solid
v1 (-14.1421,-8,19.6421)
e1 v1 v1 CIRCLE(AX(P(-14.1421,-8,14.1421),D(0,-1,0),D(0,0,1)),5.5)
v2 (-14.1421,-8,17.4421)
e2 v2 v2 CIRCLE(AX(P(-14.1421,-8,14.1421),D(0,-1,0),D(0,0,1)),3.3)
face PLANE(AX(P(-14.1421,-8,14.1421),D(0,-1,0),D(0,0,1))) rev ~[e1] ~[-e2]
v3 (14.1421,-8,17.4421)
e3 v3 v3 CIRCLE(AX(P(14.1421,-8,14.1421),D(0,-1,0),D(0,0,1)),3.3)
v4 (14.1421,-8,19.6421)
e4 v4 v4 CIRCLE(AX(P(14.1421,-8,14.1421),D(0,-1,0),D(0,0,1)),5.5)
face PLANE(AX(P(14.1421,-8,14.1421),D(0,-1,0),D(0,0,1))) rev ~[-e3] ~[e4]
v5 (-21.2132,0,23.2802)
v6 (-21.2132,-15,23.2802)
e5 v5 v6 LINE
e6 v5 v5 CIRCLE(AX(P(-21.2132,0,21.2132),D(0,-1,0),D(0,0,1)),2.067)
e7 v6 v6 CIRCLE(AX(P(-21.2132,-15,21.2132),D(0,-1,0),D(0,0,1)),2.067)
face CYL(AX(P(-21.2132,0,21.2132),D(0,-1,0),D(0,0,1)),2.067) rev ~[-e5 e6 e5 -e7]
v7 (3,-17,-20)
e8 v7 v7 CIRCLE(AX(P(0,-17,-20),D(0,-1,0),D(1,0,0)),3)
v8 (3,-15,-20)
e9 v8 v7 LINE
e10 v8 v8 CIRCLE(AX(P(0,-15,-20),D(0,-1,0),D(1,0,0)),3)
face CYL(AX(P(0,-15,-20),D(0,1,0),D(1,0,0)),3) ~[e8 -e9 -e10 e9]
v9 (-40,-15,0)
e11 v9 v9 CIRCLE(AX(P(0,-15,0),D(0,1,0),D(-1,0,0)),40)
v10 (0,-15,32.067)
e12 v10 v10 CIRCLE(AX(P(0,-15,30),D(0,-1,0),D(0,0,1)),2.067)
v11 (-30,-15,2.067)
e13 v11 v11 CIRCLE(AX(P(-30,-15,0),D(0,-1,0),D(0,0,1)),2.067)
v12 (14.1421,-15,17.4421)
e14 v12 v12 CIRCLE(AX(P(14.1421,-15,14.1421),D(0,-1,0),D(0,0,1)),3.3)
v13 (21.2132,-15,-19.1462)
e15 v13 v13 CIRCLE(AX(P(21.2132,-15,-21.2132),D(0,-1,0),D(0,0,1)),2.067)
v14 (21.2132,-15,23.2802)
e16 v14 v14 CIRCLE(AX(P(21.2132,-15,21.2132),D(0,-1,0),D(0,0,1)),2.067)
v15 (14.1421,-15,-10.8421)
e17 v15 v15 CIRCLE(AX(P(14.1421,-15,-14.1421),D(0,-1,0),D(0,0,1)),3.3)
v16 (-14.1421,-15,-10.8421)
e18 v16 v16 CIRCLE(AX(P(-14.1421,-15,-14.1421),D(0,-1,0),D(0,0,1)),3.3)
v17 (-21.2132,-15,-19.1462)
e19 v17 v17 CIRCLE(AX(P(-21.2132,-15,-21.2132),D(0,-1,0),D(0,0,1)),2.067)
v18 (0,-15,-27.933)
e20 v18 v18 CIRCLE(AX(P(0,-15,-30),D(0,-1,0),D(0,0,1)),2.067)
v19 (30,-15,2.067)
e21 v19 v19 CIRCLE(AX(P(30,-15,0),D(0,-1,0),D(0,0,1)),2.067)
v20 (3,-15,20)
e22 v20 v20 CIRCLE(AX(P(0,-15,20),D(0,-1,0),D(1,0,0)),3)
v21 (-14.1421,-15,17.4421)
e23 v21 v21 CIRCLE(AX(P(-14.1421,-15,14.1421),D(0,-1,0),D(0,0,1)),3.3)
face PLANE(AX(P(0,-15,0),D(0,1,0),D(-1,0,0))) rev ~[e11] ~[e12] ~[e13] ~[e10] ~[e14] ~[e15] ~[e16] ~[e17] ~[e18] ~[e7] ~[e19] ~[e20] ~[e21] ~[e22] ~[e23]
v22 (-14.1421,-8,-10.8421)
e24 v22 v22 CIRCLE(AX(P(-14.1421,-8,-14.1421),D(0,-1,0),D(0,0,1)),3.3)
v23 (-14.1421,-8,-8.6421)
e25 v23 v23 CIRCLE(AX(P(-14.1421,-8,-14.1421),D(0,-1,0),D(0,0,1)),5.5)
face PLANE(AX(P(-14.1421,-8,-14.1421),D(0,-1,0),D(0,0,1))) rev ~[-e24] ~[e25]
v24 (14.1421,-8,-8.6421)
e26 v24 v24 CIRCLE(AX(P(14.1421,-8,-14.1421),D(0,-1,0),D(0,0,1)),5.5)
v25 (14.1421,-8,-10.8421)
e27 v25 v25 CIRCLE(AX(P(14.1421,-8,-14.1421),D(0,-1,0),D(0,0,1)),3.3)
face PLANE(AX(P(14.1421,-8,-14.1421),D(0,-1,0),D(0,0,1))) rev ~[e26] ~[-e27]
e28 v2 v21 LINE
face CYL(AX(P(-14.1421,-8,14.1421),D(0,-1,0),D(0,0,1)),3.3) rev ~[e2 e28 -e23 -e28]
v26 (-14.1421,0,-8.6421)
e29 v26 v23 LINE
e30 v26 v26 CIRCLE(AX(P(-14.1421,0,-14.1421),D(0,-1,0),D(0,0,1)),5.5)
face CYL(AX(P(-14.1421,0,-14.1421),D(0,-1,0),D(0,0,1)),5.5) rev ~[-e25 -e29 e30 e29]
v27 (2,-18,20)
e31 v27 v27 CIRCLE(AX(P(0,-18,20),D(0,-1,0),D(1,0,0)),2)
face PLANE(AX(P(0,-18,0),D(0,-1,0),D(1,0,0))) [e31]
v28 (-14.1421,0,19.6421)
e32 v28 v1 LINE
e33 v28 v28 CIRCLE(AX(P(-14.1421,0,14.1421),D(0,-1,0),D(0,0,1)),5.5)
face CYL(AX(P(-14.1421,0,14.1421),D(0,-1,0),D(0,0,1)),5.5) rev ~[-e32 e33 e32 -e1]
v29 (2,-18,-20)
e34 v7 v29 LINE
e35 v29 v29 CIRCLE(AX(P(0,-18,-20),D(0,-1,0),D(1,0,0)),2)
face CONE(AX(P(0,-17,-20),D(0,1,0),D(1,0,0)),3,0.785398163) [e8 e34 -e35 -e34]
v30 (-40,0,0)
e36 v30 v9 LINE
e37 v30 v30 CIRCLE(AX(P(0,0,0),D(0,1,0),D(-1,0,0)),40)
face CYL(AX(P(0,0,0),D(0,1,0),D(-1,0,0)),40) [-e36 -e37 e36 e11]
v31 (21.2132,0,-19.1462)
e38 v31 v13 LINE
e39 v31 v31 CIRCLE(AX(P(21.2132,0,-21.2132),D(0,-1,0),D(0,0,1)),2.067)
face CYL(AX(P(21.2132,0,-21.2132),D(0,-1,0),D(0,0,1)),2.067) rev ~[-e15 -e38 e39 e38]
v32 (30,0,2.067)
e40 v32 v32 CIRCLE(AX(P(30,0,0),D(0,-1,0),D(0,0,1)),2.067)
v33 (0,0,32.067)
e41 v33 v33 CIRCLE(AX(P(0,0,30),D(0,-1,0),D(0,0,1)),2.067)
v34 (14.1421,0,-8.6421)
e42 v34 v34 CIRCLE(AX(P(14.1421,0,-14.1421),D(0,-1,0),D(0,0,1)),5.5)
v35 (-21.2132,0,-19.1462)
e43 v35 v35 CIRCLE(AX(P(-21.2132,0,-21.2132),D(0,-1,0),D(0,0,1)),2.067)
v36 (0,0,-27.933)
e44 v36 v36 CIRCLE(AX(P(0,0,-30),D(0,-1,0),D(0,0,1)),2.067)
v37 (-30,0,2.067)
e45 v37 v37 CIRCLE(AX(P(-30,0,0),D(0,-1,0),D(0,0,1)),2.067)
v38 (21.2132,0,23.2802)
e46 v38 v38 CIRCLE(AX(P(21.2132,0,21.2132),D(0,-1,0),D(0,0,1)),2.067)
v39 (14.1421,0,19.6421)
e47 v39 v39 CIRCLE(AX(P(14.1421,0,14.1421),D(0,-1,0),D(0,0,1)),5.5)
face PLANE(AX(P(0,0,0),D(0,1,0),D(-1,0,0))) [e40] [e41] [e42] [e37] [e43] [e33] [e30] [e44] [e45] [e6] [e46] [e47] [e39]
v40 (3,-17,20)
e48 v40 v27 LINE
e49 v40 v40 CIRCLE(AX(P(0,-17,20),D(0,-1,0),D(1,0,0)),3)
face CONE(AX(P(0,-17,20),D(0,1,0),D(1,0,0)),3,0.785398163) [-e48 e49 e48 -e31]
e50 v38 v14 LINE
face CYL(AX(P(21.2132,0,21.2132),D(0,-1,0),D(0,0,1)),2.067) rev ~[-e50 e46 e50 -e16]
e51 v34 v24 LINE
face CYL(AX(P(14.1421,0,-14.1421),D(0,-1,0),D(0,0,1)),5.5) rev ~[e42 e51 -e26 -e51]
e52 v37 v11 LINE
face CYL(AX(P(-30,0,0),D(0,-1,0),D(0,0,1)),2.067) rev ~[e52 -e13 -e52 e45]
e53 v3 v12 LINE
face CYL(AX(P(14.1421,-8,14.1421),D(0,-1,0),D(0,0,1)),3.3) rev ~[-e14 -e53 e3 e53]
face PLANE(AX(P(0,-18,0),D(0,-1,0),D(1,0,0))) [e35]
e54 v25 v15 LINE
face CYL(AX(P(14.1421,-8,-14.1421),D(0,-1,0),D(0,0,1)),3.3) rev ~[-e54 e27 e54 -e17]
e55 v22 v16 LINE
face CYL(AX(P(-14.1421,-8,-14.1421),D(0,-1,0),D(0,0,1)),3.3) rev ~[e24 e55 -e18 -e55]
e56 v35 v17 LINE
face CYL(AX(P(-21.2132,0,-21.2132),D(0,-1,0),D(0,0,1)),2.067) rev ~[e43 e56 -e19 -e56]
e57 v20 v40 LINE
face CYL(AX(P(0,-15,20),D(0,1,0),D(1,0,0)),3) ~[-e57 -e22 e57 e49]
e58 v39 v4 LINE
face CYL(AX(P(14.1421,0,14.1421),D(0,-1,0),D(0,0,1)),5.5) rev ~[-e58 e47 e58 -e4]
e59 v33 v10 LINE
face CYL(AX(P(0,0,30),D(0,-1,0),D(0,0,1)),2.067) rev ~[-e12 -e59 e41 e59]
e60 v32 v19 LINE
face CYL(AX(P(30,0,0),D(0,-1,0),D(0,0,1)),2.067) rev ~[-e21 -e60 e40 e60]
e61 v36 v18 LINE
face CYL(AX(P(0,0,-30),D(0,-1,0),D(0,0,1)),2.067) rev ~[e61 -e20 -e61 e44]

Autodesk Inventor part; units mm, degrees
ref_plane "YZ Plane" through (0, 0, 0) normal (1, 0, 0) x (0, 1, 0)
ref_plane "XZ Plane" through (0, 0, 0) normal (0, 1, 0) x (-1, 0, 0)
ref_plane "XY Plane" through (0, 0, 0) normal (0, 0, 1) x (1, 0, 0)
sketch "Sketch1" plane through (0, 0, 0) normal (0, 1, 0) x (-1, 0, 0)
  circle A0 centre (0, 0) radius 40
  point P0 (20, 0)
  point P1 (14.1421, 14.1421)
  point P2 (0, 20)
  point P3 (-14.1421, 14.1421)
  point P4 (-20, 0)
  point P5 (-14.1421, -14.1421)
  point P6 (0, -20)
  point P7 (14.1421, -14.1421)
  point P8 (30, 0)
  point P9 (21.2132, 21.2132)
  point P10 (0, 30)
  point P11 (-21.2132, 21.2132)
  point P12 (-30, 0)
  point P13 (-21.2132, -21.2132)
  point P14 (0, -30)
  point P15 (21.2132, -21.2132)
  dimension "d0" = 80
  dimension "d2" = 20
  dimension "d5" = 360
  dimension "d31" = 30
  dimension "d34" = 360
extrude "Extrusion1" add sketch "Sketch1" against normal blind 15
hole "Hole1" at (-14.1421, 0, 14.1421) at (-14.1421, 0, -14.1421) at (14.1421, 0, 14.1421) at (14.1421, 0, -14.1421) direction (0, -1, 0) diameter 6.6 end through all counterbore diameter 11 counterbore depth 8 clearance for "Socket Head Cap Screw" size "M6" standard "Ansi Metric M Profile"
sketch "Sketch2" plane through (0, -15, 0) normal (0, -1, 0) x (1, 0, 0)
  circle A0 centre (0, 0) radius 40
  circle A1 centre (0, 20) radius 3
  circle A2 centre (0, -20) radius 3
  point P0 (20, 0)
  point P1 (14.1421, 14.1421)
  point P2 (-14.1421, 14.1421)
  point P3 (-20, 0)
  point P4 (-14.1421, -14.1421)
  point P5 (14.1421, -14.1421)
  dimension "d18" = 80
  dimension "d19" = 20
  dimension "d20" = 360
  dimension "d21" = 6
  dimension "d22" = 6
extrude "Extrusion2" add sketch "Sketch2" along normal blind 3 contours A1 | A2
chamfer "Chamfer1" distance 1 angle 45 1 edges at (-3, -18, -20)
chamfer "Chamfer2" distance 1 angle 45 1 edges at (-3, -18, 20)
hole "Hole2" at (-30, 0, 0) at (-21.2132, 0, 21.2132) at (0, 0, 30) at (21.2132, 0, 21.2132) at (30, 0, 0) at (21.2132, 0, -21.2132) at (0, 0, -30) at (-21.2132, 0, -21.2132) direction (0, -1, 0) diameter 4.134 end through all thread size "M5x0.8" class "6H" standard "ANSI Metric M Profile"
properties part number "plate_for_CFS055CA501U"
